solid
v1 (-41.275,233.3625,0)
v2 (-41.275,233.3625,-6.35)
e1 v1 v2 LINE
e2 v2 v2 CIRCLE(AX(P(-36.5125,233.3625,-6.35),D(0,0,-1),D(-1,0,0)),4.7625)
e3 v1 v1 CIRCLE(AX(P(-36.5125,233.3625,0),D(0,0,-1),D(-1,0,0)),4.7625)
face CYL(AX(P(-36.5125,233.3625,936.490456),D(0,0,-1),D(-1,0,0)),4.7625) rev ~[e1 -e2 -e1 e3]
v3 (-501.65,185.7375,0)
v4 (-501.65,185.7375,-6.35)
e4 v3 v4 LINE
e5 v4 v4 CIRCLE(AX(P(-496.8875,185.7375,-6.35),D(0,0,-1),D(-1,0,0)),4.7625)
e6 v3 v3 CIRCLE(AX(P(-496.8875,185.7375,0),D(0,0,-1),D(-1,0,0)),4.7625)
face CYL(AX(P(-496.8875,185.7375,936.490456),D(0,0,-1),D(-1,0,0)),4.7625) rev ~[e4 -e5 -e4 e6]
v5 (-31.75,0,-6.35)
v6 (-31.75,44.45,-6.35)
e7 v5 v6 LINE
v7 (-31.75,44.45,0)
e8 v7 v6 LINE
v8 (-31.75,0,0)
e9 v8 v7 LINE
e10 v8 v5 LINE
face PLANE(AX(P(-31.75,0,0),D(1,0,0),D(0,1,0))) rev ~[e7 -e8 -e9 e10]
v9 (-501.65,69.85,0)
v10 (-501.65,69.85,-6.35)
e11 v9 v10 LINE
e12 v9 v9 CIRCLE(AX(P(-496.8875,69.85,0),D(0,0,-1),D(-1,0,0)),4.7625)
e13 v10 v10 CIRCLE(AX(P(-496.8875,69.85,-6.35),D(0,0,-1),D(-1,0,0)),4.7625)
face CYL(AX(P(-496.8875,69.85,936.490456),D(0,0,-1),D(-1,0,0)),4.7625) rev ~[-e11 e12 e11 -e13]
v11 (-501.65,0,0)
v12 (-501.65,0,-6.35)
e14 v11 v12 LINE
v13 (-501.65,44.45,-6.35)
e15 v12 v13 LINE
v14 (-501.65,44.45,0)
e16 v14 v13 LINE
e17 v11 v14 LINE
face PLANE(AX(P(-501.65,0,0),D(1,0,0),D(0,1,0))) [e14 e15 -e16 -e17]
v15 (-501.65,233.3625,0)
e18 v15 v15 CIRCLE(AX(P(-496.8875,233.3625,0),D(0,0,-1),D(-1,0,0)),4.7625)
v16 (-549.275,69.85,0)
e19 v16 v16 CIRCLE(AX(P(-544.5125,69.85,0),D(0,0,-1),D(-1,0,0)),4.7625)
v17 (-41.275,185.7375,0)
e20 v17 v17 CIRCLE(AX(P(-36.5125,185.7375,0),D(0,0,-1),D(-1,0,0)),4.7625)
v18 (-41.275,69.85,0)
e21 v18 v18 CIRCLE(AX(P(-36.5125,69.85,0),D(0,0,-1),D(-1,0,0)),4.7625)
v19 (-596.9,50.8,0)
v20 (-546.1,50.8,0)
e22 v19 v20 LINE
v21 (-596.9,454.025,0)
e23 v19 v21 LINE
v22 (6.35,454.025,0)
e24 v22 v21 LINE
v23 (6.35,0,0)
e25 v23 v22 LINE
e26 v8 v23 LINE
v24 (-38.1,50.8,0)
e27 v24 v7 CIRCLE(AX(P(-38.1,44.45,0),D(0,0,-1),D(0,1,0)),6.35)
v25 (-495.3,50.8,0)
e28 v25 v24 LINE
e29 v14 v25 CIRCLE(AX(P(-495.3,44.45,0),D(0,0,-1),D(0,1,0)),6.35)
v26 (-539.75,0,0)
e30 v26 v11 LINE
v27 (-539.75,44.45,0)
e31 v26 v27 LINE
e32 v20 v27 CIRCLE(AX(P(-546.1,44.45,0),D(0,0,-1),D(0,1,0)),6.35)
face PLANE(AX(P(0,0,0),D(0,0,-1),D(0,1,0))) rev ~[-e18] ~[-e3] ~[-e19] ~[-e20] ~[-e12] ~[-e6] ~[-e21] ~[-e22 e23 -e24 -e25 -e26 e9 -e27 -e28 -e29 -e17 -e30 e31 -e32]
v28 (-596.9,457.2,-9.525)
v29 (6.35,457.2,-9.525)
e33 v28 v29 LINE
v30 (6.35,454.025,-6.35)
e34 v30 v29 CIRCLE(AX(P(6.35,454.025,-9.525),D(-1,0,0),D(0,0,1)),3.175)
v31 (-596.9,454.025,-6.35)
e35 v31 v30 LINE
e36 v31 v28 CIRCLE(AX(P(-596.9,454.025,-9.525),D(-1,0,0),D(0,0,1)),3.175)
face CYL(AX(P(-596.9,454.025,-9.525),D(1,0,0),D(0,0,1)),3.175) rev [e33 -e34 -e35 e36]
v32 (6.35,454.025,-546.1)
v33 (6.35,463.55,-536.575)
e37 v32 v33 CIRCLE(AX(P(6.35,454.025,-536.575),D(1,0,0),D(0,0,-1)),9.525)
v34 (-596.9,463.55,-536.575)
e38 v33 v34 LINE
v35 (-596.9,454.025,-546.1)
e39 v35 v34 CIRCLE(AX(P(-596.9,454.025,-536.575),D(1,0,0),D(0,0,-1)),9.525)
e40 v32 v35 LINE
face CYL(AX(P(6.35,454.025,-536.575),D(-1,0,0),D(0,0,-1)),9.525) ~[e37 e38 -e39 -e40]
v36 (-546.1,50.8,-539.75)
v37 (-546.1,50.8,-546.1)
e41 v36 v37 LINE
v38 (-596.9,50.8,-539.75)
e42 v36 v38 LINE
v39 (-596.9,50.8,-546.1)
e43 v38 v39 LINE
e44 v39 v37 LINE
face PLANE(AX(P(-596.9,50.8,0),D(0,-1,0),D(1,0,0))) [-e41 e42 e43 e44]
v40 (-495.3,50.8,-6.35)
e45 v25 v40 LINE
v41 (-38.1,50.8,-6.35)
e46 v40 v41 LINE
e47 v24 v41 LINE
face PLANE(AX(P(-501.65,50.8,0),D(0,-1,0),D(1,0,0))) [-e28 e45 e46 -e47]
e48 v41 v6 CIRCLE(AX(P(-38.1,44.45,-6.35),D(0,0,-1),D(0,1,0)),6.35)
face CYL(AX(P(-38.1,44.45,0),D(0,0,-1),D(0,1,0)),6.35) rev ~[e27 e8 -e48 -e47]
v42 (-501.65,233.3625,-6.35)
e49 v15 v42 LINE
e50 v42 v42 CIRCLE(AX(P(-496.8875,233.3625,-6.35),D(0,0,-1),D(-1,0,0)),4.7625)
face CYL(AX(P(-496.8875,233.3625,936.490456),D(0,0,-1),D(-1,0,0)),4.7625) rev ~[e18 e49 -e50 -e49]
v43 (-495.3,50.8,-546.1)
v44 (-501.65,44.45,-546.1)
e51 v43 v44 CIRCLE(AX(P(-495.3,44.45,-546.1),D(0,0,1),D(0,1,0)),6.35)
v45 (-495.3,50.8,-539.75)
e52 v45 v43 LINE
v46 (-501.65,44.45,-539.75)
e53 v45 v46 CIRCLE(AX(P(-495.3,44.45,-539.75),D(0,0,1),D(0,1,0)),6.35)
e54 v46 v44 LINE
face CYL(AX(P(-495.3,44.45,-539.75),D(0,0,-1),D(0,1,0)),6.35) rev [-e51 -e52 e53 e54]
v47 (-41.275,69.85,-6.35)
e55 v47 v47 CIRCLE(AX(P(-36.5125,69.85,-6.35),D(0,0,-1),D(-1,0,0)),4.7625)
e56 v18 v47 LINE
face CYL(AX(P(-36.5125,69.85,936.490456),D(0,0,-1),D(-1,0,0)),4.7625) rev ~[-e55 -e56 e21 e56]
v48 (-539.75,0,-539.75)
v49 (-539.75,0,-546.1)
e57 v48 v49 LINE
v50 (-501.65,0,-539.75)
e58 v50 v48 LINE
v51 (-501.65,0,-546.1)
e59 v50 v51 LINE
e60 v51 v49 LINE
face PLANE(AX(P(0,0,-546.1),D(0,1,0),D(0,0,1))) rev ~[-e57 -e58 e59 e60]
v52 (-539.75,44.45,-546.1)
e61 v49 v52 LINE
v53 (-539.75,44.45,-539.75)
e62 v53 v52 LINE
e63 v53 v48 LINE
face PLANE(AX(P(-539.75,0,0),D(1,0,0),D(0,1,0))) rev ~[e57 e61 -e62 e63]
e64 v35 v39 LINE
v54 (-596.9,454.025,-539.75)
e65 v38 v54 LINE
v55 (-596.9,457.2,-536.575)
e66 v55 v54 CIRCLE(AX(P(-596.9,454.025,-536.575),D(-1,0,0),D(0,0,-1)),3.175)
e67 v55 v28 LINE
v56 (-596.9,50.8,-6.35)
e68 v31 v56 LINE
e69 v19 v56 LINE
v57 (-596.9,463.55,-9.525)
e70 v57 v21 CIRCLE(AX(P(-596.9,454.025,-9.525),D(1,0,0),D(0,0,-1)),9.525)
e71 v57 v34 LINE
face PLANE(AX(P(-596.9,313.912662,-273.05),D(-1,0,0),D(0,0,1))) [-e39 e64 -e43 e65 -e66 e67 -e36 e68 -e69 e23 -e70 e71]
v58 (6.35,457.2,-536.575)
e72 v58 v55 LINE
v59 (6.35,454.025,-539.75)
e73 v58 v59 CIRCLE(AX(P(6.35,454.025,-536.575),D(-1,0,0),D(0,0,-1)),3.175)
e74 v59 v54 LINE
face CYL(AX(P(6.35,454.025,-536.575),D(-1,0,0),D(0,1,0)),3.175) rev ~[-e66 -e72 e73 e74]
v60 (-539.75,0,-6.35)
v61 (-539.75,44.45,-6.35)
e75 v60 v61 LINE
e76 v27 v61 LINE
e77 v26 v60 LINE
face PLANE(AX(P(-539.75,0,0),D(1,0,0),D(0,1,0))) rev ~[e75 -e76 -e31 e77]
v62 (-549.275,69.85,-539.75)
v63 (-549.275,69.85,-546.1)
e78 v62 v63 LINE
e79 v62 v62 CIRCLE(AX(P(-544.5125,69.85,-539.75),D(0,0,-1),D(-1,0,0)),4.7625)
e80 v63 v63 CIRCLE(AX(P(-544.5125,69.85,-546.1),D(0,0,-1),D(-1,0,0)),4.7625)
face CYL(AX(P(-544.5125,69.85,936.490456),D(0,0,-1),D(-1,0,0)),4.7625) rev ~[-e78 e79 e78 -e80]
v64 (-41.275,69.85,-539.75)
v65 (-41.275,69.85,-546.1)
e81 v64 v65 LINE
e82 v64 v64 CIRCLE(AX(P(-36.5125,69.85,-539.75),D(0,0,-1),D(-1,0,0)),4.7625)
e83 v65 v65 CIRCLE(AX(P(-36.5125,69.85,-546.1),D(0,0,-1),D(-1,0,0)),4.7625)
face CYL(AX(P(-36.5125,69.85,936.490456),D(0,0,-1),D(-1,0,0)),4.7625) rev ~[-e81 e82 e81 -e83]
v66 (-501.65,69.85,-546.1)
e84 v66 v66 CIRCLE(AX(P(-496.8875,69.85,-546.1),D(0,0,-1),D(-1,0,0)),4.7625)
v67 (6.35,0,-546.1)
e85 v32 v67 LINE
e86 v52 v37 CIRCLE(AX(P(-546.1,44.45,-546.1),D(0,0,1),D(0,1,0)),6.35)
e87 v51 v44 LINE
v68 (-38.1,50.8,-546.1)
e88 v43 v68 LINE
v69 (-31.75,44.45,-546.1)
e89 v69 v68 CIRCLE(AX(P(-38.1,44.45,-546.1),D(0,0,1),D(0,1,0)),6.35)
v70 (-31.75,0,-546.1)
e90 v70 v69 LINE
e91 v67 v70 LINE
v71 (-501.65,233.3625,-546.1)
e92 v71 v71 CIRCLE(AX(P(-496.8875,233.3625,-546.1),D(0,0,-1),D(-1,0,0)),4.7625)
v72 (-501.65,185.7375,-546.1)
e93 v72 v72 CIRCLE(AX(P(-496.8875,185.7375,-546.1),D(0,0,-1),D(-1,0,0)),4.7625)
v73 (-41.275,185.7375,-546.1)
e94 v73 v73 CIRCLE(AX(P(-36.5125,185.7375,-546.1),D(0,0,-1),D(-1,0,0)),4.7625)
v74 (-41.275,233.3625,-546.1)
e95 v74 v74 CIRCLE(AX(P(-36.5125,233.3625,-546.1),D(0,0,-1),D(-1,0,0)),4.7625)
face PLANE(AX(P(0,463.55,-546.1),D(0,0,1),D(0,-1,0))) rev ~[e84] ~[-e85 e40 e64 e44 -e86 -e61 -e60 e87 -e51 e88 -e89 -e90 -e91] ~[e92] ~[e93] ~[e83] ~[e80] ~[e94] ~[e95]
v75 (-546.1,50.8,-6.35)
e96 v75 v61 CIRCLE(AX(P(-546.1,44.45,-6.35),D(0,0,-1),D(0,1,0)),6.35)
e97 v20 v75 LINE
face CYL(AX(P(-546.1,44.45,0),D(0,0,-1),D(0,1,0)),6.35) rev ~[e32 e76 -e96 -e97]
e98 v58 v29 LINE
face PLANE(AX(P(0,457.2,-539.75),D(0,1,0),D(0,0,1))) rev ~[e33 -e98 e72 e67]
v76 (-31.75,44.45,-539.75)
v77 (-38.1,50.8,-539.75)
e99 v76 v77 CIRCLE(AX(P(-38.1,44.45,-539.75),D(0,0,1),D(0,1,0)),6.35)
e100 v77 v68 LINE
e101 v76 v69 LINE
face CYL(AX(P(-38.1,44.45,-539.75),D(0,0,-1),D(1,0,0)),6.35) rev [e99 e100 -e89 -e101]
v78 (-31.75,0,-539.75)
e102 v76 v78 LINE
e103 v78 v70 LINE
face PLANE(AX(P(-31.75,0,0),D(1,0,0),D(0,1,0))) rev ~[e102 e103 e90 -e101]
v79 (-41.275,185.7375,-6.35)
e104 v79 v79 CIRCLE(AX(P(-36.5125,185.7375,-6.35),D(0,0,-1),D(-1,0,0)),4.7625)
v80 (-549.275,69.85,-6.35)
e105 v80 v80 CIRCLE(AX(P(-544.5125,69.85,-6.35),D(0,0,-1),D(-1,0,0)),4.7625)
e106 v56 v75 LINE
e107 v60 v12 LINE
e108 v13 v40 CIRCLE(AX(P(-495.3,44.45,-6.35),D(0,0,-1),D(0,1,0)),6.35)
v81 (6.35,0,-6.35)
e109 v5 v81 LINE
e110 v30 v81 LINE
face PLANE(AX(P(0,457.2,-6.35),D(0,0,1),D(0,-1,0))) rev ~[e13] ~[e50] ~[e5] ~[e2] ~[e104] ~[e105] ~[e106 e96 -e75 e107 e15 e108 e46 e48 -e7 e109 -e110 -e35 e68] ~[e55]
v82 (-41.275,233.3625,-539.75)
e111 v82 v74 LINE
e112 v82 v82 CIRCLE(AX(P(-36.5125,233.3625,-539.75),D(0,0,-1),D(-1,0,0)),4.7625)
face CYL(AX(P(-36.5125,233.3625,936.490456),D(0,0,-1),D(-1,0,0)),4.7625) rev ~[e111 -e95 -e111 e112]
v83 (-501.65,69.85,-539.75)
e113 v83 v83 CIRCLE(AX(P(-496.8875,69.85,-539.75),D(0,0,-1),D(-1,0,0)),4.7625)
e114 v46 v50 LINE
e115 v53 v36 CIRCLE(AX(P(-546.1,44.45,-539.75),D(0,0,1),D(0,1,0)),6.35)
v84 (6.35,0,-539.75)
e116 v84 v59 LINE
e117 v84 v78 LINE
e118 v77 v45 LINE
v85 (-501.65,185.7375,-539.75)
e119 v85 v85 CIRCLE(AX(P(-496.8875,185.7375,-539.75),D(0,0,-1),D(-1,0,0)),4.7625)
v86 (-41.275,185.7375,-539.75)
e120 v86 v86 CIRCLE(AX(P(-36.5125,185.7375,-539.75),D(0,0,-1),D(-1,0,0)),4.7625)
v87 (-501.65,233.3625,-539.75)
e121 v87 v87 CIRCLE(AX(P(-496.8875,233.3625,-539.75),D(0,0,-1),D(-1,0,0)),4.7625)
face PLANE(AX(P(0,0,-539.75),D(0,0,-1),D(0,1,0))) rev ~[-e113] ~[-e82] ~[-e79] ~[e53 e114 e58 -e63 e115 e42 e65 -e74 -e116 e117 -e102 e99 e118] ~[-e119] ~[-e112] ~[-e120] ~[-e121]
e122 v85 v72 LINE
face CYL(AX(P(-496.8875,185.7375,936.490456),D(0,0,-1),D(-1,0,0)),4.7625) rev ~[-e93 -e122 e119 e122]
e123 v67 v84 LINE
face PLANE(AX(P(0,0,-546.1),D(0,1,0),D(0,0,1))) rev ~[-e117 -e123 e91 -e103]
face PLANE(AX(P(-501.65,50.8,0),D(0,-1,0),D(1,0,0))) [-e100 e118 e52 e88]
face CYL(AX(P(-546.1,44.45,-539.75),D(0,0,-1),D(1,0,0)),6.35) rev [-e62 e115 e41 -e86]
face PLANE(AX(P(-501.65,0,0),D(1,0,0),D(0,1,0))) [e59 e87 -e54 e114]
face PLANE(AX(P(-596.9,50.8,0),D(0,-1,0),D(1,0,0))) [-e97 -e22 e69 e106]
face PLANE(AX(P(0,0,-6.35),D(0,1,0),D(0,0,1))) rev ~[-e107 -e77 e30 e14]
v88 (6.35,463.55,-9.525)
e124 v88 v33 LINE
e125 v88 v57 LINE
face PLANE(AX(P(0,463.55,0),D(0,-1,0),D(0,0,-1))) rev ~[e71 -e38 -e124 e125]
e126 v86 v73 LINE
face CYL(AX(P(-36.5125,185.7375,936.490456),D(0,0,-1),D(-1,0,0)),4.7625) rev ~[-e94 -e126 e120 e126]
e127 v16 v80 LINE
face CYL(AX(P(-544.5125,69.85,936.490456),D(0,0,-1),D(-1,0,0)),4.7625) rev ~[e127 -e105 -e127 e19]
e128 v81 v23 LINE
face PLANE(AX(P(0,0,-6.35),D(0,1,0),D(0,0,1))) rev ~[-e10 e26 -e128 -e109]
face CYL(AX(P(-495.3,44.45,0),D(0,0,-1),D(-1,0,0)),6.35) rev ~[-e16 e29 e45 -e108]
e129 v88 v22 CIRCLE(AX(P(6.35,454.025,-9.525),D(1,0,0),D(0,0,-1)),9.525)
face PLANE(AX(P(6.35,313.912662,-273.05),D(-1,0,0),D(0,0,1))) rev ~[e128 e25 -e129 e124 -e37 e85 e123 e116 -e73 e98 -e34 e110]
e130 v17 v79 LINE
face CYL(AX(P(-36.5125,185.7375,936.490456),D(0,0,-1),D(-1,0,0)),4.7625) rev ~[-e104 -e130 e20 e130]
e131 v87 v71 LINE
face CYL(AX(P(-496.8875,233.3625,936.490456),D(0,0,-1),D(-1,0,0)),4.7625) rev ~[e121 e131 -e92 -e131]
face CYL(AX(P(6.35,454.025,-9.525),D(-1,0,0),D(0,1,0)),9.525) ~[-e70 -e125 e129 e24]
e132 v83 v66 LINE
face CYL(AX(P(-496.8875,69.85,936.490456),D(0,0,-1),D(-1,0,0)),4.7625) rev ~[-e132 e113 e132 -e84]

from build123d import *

# Parameters (mm, degrees)
BOSS_EXTRUDE1_DEPTH          = 6.35
BOSS_EXTRUDE1_DEPTH_BACK     = 596.9
FILLET1_R                    = 3.175
FILLET2_R                    = 9.525
SKETCH2_W                    = 469.9
SKETCH2_H                    = 50.8
SKETCH2_W_2                  = 57.15
CUT_EXTRUDE1_DEPTH           = 547.1
FILLET3_R                    = 6.35
F_3_8_0_375_DIAMETER_HOLE1_D = 9.525


with BuildPart() as part:
    # Sketch1 → Boss-Extrude1 (new body, two sides)
    with BuildSketch(Plane(origin=(0, 0, 0), x_dir=(0, 0, -1), z_dir=(1, 0, 0))) as boss_extrude1_sk:
        Polygon((0, 0), (0, 463.55), (546.1, 463.55), (546.1, 0), (539.75, 0), (539.75, 457.2), (6.35, 457.2), (6.35, 0), align=None)
    extrude(amount=BOSS_EXTRUDE1_DEPTH)
    extrude(boss_extrude1_sk.sketch, amount=-BOSS_EXTRUDE1_DEPTH_BACK)

    # Fillet1
    fillet1_edges = [part.edges().sort_by_distance(p)[0] for p in [
        (-295.275, 457.2, -539.75),
        (-295.275, 457.2, -6.35),
    ]]
    fillet(fillet1_edges, radius=FILLET1_R)

    # Fillet2
    fillet2_edges = [part.edges().sort_by_distance(p)[0] for p in [
        (-295.275, 463.55, 0),
        (-295.275, 463.55, -546.1),
    ]]
    fillet(fillet2_edges, radius=FILLET2_R)

    # Sketch2 → Cut-Extrude1 (cut, through all)
    with BuildSketch(Plane.XY):
        with Locations((-266.7, 25.4)):
            Rectangle(SKETCH2_W, SKETCH2_H)
        with Locations((-568.325, 25.4)):
            Rectangle(SKETCH2_W_2, SKETCH2_H)
    extrude(amount=-CUT_EXTRUDE1_DEPTH, mode=Mode.SUBTRACT)

    # Fillet3
    fillet3_edges = [part.edges().sort_by_distance(p)[0] for p in [
        (-31.75, 50.8, -542.925),
        (-501.65, 50.8, -542.925),
        (-31.75, 50.8, -3.175),
        (-501.65, 50.8, -3.175),
        (-539.75, 50.8, -542.925),
        (-539.75, 50.8, -3.175),
    ]]
    fillet(fillet3_edges, radius=FILLET3_R)

    # 3/8 (0.375) Diameter Hole1 (through all)
    with Locations(Plane.XY):
        with Locations((-36.5125, 69.85), (-36.5125, 185.7375), (-36.5125, 233.3625), (-496.8875, 69.85), (-496.8875, 185.7375), (-496.8875, 233.3625), (-544.5125, 69.85)):
            Hole(F_3_8_0_375_DIAMETER_HOLE1_D / 2)


solid = part.part
